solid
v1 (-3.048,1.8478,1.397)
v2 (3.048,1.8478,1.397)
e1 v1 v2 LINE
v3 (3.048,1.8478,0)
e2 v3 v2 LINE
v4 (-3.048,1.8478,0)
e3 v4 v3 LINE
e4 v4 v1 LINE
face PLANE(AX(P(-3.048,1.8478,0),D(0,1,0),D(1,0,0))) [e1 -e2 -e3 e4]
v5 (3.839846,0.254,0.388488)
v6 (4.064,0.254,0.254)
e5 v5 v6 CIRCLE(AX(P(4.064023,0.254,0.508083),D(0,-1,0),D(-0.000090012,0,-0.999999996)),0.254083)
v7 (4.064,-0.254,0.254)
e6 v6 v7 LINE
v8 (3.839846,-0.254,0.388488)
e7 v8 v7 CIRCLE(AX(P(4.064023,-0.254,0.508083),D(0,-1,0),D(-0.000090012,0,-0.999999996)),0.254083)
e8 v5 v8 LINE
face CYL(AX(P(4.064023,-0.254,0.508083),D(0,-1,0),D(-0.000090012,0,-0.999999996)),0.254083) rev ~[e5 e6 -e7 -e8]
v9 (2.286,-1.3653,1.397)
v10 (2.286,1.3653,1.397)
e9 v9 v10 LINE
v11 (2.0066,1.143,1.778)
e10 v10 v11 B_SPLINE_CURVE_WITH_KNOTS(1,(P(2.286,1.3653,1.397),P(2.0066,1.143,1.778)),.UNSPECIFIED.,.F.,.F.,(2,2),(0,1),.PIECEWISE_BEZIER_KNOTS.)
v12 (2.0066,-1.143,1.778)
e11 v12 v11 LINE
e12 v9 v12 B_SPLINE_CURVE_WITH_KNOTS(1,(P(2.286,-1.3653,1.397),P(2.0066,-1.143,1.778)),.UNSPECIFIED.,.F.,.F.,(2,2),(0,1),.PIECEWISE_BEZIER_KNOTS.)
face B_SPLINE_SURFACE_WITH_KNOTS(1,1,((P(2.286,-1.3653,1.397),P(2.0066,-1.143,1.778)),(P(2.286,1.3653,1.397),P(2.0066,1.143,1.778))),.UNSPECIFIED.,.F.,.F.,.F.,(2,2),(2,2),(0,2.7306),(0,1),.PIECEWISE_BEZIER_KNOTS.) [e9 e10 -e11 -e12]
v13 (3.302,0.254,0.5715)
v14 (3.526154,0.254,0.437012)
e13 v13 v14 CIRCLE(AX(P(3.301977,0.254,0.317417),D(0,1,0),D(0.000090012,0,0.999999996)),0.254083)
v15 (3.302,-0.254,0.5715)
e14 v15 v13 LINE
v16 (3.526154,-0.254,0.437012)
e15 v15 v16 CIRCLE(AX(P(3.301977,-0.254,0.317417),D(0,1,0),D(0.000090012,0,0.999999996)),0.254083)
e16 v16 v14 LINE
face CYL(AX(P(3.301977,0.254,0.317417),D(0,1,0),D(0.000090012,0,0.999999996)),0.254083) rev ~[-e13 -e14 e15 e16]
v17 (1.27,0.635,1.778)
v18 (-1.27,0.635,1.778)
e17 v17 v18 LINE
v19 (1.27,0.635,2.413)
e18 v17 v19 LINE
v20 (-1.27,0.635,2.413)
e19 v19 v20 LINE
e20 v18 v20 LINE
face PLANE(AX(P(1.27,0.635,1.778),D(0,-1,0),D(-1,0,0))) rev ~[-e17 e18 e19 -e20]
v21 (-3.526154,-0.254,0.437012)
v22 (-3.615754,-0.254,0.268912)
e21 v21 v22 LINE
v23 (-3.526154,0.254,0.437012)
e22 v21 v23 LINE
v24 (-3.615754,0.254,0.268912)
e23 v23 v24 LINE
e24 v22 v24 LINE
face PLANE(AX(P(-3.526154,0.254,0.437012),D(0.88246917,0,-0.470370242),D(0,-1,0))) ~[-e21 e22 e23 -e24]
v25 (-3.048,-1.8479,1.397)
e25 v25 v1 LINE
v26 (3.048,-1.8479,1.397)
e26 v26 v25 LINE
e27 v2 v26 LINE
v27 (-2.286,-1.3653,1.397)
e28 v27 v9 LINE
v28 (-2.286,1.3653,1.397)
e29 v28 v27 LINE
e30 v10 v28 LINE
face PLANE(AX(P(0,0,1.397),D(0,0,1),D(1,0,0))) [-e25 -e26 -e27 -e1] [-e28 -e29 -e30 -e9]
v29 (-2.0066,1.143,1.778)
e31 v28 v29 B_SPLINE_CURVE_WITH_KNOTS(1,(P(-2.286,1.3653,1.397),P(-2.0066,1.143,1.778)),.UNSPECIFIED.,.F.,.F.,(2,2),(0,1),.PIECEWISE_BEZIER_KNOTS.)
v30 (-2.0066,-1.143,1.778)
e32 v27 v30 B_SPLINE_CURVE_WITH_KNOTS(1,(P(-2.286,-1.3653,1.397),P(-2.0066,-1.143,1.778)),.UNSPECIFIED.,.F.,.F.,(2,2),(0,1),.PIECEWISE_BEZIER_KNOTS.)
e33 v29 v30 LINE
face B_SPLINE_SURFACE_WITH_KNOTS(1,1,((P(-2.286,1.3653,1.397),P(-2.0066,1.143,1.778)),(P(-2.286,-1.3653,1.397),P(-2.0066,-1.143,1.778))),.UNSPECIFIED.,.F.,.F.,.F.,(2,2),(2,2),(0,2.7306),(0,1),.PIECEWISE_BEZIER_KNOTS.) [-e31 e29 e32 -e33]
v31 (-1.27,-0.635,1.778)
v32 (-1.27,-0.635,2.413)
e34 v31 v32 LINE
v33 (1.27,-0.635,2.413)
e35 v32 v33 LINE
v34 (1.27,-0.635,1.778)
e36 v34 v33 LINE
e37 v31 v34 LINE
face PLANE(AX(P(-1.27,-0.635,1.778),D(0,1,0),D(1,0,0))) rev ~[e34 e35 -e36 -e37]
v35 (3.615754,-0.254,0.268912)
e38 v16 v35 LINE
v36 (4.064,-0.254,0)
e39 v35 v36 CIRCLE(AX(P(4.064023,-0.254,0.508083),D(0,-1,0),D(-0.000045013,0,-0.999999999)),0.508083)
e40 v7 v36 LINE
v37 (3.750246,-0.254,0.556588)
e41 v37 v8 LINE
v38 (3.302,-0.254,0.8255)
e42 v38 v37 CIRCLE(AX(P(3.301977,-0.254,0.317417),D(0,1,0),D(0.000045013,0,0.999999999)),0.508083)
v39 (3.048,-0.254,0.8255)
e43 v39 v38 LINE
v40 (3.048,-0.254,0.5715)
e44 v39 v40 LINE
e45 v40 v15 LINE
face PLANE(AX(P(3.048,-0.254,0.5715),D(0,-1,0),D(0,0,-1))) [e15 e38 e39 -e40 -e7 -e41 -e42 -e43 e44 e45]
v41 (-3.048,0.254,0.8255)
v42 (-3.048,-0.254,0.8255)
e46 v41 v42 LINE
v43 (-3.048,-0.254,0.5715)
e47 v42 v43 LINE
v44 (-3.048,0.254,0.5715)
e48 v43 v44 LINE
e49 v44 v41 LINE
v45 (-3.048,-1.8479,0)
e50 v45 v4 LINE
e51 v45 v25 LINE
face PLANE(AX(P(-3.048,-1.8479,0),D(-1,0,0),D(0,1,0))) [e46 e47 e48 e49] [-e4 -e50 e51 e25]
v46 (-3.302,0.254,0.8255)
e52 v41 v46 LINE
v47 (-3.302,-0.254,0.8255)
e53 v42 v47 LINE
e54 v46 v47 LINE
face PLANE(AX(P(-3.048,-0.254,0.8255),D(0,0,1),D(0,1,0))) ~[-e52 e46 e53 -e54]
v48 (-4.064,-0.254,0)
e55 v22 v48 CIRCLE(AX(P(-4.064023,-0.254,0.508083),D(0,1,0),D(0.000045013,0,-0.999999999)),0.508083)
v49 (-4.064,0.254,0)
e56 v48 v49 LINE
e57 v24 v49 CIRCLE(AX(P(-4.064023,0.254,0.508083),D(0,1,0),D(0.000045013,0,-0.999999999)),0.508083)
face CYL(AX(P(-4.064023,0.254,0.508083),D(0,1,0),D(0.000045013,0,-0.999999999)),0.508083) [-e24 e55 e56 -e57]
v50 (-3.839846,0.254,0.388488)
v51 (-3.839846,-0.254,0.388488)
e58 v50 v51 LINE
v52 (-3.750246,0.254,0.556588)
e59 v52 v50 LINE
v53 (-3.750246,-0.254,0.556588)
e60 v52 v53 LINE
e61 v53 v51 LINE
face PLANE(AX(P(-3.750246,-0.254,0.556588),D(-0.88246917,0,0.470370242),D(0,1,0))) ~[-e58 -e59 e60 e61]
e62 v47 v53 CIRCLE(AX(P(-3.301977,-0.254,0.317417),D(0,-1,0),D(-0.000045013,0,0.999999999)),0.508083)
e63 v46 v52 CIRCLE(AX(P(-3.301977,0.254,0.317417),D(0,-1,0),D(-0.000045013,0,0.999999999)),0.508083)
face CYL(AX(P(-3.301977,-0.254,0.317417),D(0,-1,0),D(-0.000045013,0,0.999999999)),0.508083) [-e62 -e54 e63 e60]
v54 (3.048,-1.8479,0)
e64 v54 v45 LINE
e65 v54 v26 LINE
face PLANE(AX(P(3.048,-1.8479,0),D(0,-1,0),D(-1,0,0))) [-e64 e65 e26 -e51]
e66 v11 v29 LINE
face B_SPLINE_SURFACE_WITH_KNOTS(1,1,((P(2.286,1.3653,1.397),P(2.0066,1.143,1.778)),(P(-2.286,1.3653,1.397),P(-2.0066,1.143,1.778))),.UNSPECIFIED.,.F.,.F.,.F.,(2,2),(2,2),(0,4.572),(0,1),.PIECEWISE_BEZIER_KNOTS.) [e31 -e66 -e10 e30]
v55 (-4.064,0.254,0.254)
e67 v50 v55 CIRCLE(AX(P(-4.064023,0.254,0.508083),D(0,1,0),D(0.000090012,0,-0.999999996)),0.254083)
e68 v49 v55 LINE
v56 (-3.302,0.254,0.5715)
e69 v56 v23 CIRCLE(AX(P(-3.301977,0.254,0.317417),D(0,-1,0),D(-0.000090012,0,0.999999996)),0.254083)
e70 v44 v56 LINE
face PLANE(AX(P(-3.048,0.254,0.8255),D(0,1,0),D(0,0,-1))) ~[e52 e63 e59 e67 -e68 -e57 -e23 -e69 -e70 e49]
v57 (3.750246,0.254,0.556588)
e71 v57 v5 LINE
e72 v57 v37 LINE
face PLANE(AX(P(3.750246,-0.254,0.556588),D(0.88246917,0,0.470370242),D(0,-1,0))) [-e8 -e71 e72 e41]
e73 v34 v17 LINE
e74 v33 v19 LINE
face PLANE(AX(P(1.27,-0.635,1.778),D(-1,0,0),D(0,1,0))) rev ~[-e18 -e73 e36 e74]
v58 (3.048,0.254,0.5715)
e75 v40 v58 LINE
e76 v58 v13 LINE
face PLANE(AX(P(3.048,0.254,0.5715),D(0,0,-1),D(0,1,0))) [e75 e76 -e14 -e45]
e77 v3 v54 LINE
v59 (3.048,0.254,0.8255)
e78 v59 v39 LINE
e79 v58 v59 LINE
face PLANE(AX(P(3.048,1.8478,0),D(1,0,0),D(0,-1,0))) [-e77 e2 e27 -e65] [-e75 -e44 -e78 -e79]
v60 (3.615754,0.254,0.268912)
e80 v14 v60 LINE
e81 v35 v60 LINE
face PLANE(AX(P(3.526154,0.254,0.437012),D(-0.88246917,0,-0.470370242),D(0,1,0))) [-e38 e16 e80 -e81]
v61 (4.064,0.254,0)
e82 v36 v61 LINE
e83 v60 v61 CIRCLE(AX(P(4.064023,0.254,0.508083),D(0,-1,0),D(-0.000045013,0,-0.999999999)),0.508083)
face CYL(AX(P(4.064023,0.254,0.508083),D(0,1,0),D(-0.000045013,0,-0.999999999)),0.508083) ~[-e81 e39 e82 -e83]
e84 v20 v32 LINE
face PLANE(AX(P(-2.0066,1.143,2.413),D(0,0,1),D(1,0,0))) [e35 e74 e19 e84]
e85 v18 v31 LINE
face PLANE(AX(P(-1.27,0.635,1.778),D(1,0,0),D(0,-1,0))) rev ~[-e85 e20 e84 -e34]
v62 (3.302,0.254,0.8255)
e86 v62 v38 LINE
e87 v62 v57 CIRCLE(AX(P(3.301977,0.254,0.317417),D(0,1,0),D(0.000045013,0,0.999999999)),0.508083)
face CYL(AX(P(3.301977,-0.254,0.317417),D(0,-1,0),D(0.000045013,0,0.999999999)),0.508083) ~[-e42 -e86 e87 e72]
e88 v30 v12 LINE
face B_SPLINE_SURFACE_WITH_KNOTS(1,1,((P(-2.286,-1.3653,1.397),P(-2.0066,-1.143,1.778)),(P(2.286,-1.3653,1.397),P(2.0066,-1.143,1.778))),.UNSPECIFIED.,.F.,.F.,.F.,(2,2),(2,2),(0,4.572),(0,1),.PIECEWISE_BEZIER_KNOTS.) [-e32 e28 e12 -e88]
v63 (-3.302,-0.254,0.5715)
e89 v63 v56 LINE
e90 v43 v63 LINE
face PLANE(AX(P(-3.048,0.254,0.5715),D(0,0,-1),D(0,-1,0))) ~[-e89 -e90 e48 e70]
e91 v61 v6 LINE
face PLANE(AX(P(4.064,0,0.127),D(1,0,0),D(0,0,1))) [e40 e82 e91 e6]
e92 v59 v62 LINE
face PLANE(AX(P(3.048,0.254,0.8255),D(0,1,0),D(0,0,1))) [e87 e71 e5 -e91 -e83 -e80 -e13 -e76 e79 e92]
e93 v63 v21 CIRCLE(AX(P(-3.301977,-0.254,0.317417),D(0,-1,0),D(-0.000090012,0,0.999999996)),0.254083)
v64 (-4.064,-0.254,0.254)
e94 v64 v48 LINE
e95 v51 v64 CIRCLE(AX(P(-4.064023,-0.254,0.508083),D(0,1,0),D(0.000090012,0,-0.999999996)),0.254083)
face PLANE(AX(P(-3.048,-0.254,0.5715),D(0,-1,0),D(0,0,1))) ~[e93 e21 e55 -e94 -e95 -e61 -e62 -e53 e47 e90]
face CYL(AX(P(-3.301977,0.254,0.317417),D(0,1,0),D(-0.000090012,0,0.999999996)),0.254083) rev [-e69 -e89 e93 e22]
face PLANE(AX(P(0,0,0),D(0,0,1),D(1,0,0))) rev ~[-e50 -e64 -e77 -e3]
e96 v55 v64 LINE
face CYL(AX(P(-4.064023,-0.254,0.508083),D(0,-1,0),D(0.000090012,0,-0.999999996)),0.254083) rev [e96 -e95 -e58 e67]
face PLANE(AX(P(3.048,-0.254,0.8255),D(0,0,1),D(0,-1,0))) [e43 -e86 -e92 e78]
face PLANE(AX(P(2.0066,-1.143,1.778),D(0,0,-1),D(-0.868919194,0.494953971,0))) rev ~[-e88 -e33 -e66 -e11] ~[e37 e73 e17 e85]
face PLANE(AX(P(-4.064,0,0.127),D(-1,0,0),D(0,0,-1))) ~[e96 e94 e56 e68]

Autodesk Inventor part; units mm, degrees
ref_plane "YZ Plane" through (0, 0, 0) normal (1, 0, 0) x (0, 1, 0)
ref_plane "XZ Plane" through (0, 0, 0) normal (0, 1, 0) x (-1, 0, 0)
sketch "Sketch1" plane through (0, 0, 0) normal (0, 0, 1) x (1, 0, 0)
  line L0 (3.048, -1.8479) -> (-3.048, -1.8479)
  line L1 (-3.048, -1.8479) -> (-3.048, 1.8478)
  line L2 (-3.048, 1.8478) -> (3.048, 1.8478)
  line L3 (3.048, 1.8478) -> (3.048, -1.8479)
  line L4 (3.048, -1.8479) -> (-3.048, 1.8478) construction
  line L5 (-3.048, -1.8479) -> (3.048, 1.8478) construction
  point P0 (0, 0)
  dimension "d0" = 6.096
  dimension "d1" = 3.6957
extrude "Extrusion1" add sketch "Sketch1" along normal blind 1.397
sketch "Sketch2" plane through (0, 0, 1.397) normal (0, 0, 1) x (1, 0, 0)
  line L0 (2.286, 1.3653) -> (-2.286, 1.3653)
  line L1 (-2.286, 1.3653) -> (-2.286, -1.3653)
  line L2 (-2.286, -1.3653) -> (2.286, -1.3653)
  line L3 (2.286, -1.3653) -> (2.286, 1.3653)
  line L4 (2.286, 1.3653) -> (-2.286, -1.3653) construction
  line L5 (-2.286, 1.3653) -> (2.286, -1.3653) construction
  point P0 (0, 0)
  dimension "d4" = 4.572
  dimension "d5" = 2.7305
ref_plane "Work Plane1" through (0, 0, 1.778) normal (0, 0, 1) x (1, 0, 0)
sketch "Sketch3" plane through (0, 0, 1.778) normal (0, 0, 1) x (1, 0, 0)
  line L0 (2.0066, 1.143) -> (-2.0066, 1.143)
  line L1 (-2.0066, 1.143) -> (-2.0066, -1.143)
  line L2 (-2.0066, -1.143) -> (2.0066, -1.143)
  line L3 (2.0066, -1.143) -> (2.0066, 1.143)
  line L4 (2.0066, 1.143) -> (-2.0066, -1.143) construction
  line L5 (-2.0066, 1.143) -> (2.0066, -1.143) construction
  point P0 (0, 0)
  dimension "d7" = 4.0132
  dimension "d8" = 2.286
loft "Loft1" add profiles "Sketch2", "Sketch3"
sketch "Sketch4" plane through (-2.0066, 1.143, 1.778) normal (0, 0, 1) x (1, 0, 0)
  line L0 (3.2766, -0.508) -> (0.7366, -0.508)
  line L1 (0.7366, -0.508) -> (0.7366, -1.778)
  line L2 (0.7366, -1.778) -> (3.2766, -1.778)
  line L3 (3.2766, -1.778) -> (3.2766, -0.508)
  line L4 (3.2766, -0.508) -> (0.7366, -1.778) construction
  line L5 (0.7366, -0.508) -> (3.2766, -1.778) construction
  point P0 (2.0066, -1.143)
  dimension "d13" = 2.54
  dimension "d14" = 1.27
extrude "Extrusion2" add sketch "Sketch4" along normal blind 0.635
sketch "Sketch5" plane through (0, 0, 0) normal (0, 1, 0) x (-1, 0, 0)
  line L0 (-3.048, 0) -> (-3.048, 1.397) construction
  line L1 (-3.048, 0.6985) -> (-3.302, 0.6985)
  arc A0 (-3.302, 0.6985) -> (-3.6382, 0.4968) centre (-3.302, 0.3175) ccw
  line L2 (-3.6382, 0.4968) -> (-3.7278, 0.3287)
  arc A1 (-4.064, 0.127) -> (-3.7278, 0.3287) centre (-4.064, 0.508) ccw
  line L3 (3.048, 0) -> (-3.048, 0) projected
  point P0 (0, 0)
  dimension "d17" = 1.016
  dimension "d18" = 0.127
  dimension "d19" = 0.254
  dimension "d20" = 0.381
sketch "Sketch6" plane through (3.048, -1.8479, 0) normal (1, 0, 0) x (0, 0, -1)
  line L0 (0, 0) -> (-1.397, 0) projected
  line L1 (-1.397, 0) -> (-1.397, 3.6957) projected
  line L2 (-0.8255, 2.1019) -> (-0.5715, 2.1019)
  line L3 (-0.5715, 2.1019) -> (-0.5715, 1.5939)
  line L4 (-0.5715, 1.5939) -> (-0.8255, 1.5939)
  line L5 (-0.8255, 1.5939) -> (-0.8255, 2.1019)
  line L6 (-0.8255, 2.1019) -> (-0.5715, 1.5939) construction
  line L7 (-0.5715, 2.1019) -> (-0.8255, 1.5939) construction
  point P0 (0, 1.8479)
  point P1 (-0.6985, 1.8479)
  point P2 (-0.6985, 1.8479)
  point P3 (-0.6985, 1.8479)
  dimension "d21" = 0.254
  dimension "d22" = 0.508
sweep "Sweep1" add profiles "Sketch6" path "Sketch5" path curves L1 A0 L2 A1
mirror "Mirror1" about plane through (0, 0, 0) normal (1, 0, 0) of "Sweep1"
properties part number "Switch"
